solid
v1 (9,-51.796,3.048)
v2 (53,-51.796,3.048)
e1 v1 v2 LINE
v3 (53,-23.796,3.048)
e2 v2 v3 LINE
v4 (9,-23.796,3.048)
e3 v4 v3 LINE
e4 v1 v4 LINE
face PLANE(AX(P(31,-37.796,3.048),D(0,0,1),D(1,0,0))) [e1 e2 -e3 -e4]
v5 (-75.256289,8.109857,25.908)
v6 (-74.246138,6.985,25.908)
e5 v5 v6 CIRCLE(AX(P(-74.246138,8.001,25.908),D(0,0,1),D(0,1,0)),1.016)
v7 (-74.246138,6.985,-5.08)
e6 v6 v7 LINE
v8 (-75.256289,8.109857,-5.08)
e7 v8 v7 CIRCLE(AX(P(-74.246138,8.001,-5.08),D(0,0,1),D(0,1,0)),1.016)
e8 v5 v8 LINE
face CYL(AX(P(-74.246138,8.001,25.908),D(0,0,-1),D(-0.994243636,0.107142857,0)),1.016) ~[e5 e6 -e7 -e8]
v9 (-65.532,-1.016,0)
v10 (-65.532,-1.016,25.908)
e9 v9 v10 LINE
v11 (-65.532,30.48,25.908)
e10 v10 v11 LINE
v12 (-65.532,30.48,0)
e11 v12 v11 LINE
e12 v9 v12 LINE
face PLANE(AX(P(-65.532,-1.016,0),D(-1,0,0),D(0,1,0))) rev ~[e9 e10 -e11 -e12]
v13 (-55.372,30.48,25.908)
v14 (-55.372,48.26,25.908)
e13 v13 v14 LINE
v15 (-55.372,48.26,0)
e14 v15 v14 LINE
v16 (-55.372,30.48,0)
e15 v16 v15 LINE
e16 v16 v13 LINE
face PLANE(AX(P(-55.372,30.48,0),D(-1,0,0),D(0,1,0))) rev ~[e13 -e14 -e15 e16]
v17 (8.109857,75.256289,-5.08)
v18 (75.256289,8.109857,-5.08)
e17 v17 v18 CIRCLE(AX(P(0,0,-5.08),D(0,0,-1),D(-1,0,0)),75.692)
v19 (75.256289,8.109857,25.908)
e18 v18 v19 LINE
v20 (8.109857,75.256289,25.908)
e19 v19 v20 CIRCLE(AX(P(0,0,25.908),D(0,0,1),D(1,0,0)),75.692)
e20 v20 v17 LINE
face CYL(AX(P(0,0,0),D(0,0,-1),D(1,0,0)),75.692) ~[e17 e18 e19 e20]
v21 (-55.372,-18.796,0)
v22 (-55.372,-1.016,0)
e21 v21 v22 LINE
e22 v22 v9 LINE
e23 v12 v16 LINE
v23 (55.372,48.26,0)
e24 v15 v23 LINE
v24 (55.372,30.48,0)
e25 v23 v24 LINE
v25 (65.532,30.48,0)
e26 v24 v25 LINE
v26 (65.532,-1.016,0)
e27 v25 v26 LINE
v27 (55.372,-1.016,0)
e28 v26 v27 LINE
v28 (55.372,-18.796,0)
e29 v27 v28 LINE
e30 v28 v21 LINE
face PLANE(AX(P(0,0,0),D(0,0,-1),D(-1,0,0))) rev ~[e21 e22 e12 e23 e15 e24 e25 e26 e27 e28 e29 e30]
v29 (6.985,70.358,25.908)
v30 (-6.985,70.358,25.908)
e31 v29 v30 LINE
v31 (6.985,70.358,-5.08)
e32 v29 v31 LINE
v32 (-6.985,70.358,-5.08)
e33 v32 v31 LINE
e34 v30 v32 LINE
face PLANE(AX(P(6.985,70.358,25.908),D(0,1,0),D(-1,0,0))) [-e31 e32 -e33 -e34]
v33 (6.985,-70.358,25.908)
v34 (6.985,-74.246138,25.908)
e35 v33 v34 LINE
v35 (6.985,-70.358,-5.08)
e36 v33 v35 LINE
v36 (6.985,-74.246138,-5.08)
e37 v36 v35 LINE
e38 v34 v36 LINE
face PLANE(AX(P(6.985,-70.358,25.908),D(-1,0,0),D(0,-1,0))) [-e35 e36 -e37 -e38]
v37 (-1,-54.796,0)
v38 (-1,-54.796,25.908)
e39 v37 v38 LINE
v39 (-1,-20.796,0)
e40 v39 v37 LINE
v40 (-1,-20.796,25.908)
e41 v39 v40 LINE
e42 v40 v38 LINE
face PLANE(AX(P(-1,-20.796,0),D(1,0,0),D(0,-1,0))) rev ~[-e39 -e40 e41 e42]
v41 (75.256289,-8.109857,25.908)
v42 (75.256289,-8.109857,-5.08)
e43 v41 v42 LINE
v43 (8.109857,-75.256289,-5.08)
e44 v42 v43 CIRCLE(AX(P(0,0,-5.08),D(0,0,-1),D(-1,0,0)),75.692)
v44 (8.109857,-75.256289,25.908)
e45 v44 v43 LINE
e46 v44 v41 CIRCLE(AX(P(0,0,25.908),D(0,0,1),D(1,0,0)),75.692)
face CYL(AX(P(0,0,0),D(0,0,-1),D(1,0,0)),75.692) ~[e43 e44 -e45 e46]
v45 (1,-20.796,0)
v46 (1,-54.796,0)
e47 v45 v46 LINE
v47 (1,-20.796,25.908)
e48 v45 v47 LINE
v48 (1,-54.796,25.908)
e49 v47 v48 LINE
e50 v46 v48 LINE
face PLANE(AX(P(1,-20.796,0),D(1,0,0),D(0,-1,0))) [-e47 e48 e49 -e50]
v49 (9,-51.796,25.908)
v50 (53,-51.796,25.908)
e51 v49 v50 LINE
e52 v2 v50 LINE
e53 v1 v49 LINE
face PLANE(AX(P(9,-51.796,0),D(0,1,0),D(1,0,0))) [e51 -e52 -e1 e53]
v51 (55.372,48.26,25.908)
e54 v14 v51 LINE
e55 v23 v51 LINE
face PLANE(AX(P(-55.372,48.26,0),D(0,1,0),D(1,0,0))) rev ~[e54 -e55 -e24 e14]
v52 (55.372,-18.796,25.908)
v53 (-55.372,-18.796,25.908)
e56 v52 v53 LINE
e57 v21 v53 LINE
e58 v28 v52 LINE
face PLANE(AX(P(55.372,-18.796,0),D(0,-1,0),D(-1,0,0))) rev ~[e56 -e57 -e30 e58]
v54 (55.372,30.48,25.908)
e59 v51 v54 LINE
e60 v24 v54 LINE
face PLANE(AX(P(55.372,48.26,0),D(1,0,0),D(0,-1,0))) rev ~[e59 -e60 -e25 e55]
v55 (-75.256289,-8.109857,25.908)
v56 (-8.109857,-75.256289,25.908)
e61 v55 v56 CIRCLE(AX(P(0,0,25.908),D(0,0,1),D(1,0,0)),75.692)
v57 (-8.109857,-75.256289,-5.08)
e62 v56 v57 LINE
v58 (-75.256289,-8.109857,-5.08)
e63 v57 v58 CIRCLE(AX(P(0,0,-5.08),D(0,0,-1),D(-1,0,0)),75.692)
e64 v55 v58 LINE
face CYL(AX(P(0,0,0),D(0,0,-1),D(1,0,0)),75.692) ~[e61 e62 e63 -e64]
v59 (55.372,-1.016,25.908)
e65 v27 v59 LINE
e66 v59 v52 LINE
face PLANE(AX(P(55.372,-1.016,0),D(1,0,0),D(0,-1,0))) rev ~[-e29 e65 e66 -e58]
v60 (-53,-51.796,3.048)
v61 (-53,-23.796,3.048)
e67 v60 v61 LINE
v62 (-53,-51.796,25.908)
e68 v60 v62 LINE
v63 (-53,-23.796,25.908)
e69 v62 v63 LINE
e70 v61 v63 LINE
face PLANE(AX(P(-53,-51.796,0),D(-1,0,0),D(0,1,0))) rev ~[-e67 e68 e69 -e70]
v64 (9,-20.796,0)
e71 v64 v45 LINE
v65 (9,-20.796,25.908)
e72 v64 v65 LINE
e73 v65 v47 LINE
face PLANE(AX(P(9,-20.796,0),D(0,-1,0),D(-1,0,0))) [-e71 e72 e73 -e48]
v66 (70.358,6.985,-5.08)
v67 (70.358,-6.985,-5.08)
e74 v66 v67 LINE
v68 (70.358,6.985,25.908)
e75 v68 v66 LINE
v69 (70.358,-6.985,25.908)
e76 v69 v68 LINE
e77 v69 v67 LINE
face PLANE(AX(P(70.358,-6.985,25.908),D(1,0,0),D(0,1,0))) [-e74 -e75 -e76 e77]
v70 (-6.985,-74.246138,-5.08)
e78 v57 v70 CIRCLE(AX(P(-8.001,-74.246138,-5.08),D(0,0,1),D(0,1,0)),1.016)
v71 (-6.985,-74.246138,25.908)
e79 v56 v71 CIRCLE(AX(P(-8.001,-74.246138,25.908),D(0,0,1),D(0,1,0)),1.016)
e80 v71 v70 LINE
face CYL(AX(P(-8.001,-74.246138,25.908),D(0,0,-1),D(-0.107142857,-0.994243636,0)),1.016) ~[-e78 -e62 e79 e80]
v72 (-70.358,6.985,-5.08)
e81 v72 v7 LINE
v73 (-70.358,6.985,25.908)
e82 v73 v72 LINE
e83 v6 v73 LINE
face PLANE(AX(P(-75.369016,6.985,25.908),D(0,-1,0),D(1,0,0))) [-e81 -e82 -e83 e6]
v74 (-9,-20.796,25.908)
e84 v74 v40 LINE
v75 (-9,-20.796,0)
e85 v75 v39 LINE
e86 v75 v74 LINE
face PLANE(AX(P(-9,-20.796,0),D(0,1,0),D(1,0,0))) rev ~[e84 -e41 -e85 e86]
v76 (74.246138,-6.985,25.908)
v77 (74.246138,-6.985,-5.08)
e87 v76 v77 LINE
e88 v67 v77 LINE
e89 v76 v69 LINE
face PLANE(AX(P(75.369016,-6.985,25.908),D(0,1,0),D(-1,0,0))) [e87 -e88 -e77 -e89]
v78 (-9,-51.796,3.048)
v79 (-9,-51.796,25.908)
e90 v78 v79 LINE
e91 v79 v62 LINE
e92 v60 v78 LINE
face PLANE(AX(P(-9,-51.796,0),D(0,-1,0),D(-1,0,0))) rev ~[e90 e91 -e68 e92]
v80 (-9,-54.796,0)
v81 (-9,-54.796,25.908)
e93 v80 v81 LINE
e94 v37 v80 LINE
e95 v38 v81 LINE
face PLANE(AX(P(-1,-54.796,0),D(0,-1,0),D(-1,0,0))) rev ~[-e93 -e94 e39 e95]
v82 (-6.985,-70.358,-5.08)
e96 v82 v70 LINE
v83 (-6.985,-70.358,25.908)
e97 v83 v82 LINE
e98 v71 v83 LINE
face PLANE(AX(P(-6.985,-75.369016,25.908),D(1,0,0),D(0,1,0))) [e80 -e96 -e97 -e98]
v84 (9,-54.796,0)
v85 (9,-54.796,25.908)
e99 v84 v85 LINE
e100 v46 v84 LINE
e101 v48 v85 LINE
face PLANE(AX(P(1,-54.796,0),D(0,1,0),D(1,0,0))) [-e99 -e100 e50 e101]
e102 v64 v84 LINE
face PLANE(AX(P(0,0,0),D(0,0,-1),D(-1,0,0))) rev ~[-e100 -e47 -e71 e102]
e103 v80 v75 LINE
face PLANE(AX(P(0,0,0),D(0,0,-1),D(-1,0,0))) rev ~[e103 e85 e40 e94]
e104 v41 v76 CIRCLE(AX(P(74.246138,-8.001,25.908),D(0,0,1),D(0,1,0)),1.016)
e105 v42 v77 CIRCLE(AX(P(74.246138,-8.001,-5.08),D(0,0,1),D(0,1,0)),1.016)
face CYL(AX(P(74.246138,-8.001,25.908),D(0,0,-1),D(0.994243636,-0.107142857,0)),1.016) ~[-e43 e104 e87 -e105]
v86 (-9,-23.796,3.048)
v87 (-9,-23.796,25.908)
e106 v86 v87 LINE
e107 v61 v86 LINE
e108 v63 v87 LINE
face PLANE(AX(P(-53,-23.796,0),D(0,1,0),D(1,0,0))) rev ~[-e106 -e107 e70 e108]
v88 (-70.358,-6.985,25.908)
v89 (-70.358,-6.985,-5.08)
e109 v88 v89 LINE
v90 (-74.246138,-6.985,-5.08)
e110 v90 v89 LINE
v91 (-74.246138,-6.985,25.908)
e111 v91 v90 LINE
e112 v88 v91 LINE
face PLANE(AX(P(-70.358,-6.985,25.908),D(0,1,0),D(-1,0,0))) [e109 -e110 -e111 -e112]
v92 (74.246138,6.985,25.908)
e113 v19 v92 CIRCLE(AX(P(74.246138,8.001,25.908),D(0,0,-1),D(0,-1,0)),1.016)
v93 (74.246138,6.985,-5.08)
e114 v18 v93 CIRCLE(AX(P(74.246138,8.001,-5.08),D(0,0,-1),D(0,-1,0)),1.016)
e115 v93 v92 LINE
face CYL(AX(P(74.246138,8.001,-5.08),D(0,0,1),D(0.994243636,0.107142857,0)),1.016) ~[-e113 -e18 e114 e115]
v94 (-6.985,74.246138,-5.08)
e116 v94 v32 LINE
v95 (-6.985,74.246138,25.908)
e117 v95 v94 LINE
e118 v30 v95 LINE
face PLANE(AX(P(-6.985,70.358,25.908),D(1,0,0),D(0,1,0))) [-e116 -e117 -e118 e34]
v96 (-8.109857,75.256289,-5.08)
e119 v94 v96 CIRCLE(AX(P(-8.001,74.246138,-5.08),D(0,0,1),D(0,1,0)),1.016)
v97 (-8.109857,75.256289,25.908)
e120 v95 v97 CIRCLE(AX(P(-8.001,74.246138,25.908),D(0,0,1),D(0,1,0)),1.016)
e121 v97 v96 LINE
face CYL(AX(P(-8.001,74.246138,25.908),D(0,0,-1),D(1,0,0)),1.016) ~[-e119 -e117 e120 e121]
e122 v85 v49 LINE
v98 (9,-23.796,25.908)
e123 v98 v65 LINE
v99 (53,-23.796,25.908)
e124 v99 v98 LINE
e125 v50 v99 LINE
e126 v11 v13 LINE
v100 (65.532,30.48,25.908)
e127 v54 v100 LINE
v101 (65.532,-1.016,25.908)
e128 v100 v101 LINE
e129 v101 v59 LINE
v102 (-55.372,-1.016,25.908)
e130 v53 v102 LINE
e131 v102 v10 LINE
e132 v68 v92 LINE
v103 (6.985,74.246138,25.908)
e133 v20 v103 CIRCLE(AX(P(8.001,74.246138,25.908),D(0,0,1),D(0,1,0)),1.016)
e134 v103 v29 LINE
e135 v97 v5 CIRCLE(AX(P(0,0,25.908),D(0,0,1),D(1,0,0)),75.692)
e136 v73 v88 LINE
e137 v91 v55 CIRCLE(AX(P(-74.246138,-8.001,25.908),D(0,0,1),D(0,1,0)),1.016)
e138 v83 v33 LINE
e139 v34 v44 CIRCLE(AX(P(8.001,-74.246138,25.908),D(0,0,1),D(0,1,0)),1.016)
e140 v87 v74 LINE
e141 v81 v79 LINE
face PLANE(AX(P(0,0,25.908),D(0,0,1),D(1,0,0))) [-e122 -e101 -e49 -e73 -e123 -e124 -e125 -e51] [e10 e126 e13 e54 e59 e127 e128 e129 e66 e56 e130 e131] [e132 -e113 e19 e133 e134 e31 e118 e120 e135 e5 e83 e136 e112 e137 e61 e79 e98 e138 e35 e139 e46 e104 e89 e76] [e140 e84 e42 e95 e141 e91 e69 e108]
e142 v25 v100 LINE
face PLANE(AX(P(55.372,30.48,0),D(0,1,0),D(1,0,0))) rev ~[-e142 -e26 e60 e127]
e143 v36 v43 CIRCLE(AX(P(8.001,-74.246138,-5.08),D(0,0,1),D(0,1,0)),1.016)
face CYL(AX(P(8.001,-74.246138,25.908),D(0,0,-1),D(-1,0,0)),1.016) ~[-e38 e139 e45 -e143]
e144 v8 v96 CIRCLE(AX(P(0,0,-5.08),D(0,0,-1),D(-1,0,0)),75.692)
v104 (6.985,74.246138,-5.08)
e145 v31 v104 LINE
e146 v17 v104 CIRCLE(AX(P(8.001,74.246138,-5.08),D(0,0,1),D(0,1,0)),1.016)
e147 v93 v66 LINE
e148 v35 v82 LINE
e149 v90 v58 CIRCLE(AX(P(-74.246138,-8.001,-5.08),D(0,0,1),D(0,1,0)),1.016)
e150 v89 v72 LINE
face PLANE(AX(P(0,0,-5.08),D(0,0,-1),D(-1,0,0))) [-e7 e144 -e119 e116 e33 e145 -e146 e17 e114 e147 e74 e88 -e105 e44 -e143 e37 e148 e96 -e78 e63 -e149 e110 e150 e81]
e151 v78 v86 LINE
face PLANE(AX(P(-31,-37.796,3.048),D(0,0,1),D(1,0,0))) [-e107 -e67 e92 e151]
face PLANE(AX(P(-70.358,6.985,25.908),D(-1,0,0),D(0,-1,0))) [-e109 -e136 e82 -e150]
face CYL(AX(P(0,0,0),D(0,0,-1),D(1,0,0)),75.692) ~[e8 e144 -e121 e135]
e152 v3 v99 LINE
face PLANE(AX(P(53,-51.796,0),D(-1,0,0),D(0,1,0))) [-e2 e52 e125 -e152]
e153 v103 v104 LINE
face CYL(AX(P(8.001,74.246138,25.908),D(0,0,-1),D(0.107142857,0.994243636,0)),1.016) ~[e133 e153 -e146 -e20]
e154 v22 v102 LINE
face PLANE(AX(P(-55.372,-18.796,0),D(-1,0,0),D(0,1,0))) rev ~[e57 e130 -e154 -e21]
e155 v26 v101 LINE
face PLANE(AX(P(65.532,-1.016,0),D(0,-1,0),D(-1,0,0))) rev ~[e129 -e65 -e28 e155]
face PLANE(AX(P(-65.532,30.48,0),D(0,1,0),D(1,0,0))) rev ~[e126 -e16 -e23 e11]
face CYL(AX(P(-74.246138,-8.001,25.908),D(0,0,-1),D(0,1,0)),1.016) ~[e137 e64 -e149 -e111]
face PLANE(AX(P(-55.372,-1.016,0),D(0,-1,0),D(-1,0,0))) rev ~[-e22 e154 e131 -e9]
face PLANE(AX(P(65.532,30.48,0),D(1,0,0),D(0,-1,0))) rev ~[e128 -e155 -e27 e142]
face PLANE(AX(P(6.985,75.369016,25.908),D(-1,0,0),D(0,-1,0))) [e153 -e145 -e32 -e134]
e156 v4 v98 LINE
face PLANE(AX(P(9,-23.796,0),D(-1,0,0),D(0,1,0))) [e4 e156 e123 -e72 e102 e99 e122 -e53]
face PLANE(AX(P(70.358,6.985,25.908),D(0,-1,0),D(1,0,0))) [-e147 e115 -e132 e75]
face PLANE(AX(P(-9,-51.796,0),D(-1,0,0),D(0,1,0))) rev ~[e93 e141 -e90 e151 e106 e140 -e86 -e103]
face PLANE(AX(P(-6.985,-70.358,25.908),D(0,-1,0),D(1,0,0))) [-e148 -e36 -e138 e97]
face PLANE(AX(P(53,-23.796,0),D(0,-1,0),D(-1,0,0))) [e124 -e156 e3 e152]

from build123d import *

# Parameters (mm, degrees)
SKETCH2_R           = 75.692
BOSS_EXTRUDE1_DEPTH = 25.908
SKETCH3_R           = 75.692
BOSS_EXTRUDE2_DEPTH = 5.08
SKETCH4_W           = 44
SKETCH4_H           = 28
BOSS_EXTRUDE3_DEPTH = 3.048
CUT_EXTRUDE1_DEPTH  = 31.988
FILLET1_R           = 1.016


with BuildPart() as part:
    # Sketch2 → Boss-Extrude1 (new body)
    with BuildSketch(Plane.XY):
        Circle(SKETCH2_R)
        Polygon((-55.372, 48.26), (55.372, 48.26), (55.372, 30.48), (65.532, 30.48), (65.532, -1.016), (55.372, -1.016), (55.372, -18.796), (-55.372, -18.796), (-55.372, -1.016), (-65.532, -1.016), (-65.532, 30.48), (-55.372, 30.48), align=None, mode=Mode.SUBTRACT)
        Polygon((-53, -23.796), (-9, -23.796), (-9, -20.796), (-1, -20.796), (-1, -54.796), (-9, -54.796), (-9, -51.796), (-53, -51.796), align=None, mode=Mode.SUBTRACT)
        Polygon((53, -23.796), (9, -23.796), (9, -20.796), (1, -20.796), (1, -54.796), (9, -54.796), (9, -51.796), (53, -51.796), align=None, mode=Mode.SUBTRACT)
    extrude(amount=BOSS_EXTRUDE1_DEPTH)

    # Sketch3 → Boss-Extrude2 (add)
    with BuildSketch(Plane(origin=(0, 0, 0), x_dir=(-1, 0, 0), z_dir=(0, 0, -1))):
        Circle(SKETCH3_R)
    extrude(amount=BOSS_EXTRUDE2_DEPTH)

    # Sketch4 → Boss-Extrude3 (add)
    with BuildSketch(Plane.XY):
        with Locations((-31, -37.796)):
            Rectangle(SKETCH4_W, SKETCH4_H)
        with Locations((31, -37.796)):
            Rectangle(SKETCH4_W, SKETCH4_H)
    extrude(amount=BOSS_EXTRUDE3_DEPTH)

    # Sketch7 → Cut-Extrude1 (cut, through all)
    with BuildSketch(Plane.XY.offset(25.908)):
        with BuildLine():
            Line((6.985, 70.358), (-6.985, 70.358))
            Line((-6.985, 70.358), (-6.985, 75.369016439))
            ThreePointArc((-6.985, 75.369016439), (0, 75.692), (6.985, 75.369016439))
            Line((6.985, 75.369016439), (6.985, 70.358))
        make_face()
        with BuildLine():
            Line((70.358, -6.985), (70.358, 6.985))
            Line((70.358, 6.985), (75.369016439, 6.985))
            ThreePointArc((75.369016439, 6.985), (75.692, 0), (75.369016439, -6.985))
            Line((75.369016439, -6.985), (70.358, -6.985))
        make_face()
        with BuildLine():
            Line((-6.985, -70.358), (6.985, -70.358))
            Line((6.985, -70.358), (6.985, -75.369016439))
            ThreePointArc((6.985, -75.369016439), (0, -75.692), (-6.985, -75.369016439))
            Line((-6.985, -75.369016439), (-6.985, -70.358))
        make_face()
        with BuildLine():
            Line((-70.358, 6.985), (-70.358, -6.985))
            Line((-70.358, -6.985), (-75.369016439, -6.985))
            ThreePointArc((-75.369016439, -6.985), (-75.692, 0), (-75.369016439, 6.985))
            Line((-75.369016439, 6.985), (-70.358, 6.985))
        make_face()
    extrude(amount=-CUT_EXTRUDE1_DEPTH, mode=Mode.SUBTRACT)

    # Fillet1
    fillet1_edges = [part.edges().sort_by_distance(p)[0] for p in [
        (6.985, 75.369016439, 10.414),
        (-6.985, 75.369016439, 10.414),
        (75.369016439, -6.985, 10.414),
        (75.369016439, 6.985, 10.414),
        (-6.985, -75.369016439, 10.414),
        (6.985, -75.369016439, 10.414),
        (-75.369016439, 6.985, 10.414),
        (-75.369016439, -6.985, 10.414),
    ]]
    fillet(fillet1_edges, radius=FILLET1_R)


solid = part.part
